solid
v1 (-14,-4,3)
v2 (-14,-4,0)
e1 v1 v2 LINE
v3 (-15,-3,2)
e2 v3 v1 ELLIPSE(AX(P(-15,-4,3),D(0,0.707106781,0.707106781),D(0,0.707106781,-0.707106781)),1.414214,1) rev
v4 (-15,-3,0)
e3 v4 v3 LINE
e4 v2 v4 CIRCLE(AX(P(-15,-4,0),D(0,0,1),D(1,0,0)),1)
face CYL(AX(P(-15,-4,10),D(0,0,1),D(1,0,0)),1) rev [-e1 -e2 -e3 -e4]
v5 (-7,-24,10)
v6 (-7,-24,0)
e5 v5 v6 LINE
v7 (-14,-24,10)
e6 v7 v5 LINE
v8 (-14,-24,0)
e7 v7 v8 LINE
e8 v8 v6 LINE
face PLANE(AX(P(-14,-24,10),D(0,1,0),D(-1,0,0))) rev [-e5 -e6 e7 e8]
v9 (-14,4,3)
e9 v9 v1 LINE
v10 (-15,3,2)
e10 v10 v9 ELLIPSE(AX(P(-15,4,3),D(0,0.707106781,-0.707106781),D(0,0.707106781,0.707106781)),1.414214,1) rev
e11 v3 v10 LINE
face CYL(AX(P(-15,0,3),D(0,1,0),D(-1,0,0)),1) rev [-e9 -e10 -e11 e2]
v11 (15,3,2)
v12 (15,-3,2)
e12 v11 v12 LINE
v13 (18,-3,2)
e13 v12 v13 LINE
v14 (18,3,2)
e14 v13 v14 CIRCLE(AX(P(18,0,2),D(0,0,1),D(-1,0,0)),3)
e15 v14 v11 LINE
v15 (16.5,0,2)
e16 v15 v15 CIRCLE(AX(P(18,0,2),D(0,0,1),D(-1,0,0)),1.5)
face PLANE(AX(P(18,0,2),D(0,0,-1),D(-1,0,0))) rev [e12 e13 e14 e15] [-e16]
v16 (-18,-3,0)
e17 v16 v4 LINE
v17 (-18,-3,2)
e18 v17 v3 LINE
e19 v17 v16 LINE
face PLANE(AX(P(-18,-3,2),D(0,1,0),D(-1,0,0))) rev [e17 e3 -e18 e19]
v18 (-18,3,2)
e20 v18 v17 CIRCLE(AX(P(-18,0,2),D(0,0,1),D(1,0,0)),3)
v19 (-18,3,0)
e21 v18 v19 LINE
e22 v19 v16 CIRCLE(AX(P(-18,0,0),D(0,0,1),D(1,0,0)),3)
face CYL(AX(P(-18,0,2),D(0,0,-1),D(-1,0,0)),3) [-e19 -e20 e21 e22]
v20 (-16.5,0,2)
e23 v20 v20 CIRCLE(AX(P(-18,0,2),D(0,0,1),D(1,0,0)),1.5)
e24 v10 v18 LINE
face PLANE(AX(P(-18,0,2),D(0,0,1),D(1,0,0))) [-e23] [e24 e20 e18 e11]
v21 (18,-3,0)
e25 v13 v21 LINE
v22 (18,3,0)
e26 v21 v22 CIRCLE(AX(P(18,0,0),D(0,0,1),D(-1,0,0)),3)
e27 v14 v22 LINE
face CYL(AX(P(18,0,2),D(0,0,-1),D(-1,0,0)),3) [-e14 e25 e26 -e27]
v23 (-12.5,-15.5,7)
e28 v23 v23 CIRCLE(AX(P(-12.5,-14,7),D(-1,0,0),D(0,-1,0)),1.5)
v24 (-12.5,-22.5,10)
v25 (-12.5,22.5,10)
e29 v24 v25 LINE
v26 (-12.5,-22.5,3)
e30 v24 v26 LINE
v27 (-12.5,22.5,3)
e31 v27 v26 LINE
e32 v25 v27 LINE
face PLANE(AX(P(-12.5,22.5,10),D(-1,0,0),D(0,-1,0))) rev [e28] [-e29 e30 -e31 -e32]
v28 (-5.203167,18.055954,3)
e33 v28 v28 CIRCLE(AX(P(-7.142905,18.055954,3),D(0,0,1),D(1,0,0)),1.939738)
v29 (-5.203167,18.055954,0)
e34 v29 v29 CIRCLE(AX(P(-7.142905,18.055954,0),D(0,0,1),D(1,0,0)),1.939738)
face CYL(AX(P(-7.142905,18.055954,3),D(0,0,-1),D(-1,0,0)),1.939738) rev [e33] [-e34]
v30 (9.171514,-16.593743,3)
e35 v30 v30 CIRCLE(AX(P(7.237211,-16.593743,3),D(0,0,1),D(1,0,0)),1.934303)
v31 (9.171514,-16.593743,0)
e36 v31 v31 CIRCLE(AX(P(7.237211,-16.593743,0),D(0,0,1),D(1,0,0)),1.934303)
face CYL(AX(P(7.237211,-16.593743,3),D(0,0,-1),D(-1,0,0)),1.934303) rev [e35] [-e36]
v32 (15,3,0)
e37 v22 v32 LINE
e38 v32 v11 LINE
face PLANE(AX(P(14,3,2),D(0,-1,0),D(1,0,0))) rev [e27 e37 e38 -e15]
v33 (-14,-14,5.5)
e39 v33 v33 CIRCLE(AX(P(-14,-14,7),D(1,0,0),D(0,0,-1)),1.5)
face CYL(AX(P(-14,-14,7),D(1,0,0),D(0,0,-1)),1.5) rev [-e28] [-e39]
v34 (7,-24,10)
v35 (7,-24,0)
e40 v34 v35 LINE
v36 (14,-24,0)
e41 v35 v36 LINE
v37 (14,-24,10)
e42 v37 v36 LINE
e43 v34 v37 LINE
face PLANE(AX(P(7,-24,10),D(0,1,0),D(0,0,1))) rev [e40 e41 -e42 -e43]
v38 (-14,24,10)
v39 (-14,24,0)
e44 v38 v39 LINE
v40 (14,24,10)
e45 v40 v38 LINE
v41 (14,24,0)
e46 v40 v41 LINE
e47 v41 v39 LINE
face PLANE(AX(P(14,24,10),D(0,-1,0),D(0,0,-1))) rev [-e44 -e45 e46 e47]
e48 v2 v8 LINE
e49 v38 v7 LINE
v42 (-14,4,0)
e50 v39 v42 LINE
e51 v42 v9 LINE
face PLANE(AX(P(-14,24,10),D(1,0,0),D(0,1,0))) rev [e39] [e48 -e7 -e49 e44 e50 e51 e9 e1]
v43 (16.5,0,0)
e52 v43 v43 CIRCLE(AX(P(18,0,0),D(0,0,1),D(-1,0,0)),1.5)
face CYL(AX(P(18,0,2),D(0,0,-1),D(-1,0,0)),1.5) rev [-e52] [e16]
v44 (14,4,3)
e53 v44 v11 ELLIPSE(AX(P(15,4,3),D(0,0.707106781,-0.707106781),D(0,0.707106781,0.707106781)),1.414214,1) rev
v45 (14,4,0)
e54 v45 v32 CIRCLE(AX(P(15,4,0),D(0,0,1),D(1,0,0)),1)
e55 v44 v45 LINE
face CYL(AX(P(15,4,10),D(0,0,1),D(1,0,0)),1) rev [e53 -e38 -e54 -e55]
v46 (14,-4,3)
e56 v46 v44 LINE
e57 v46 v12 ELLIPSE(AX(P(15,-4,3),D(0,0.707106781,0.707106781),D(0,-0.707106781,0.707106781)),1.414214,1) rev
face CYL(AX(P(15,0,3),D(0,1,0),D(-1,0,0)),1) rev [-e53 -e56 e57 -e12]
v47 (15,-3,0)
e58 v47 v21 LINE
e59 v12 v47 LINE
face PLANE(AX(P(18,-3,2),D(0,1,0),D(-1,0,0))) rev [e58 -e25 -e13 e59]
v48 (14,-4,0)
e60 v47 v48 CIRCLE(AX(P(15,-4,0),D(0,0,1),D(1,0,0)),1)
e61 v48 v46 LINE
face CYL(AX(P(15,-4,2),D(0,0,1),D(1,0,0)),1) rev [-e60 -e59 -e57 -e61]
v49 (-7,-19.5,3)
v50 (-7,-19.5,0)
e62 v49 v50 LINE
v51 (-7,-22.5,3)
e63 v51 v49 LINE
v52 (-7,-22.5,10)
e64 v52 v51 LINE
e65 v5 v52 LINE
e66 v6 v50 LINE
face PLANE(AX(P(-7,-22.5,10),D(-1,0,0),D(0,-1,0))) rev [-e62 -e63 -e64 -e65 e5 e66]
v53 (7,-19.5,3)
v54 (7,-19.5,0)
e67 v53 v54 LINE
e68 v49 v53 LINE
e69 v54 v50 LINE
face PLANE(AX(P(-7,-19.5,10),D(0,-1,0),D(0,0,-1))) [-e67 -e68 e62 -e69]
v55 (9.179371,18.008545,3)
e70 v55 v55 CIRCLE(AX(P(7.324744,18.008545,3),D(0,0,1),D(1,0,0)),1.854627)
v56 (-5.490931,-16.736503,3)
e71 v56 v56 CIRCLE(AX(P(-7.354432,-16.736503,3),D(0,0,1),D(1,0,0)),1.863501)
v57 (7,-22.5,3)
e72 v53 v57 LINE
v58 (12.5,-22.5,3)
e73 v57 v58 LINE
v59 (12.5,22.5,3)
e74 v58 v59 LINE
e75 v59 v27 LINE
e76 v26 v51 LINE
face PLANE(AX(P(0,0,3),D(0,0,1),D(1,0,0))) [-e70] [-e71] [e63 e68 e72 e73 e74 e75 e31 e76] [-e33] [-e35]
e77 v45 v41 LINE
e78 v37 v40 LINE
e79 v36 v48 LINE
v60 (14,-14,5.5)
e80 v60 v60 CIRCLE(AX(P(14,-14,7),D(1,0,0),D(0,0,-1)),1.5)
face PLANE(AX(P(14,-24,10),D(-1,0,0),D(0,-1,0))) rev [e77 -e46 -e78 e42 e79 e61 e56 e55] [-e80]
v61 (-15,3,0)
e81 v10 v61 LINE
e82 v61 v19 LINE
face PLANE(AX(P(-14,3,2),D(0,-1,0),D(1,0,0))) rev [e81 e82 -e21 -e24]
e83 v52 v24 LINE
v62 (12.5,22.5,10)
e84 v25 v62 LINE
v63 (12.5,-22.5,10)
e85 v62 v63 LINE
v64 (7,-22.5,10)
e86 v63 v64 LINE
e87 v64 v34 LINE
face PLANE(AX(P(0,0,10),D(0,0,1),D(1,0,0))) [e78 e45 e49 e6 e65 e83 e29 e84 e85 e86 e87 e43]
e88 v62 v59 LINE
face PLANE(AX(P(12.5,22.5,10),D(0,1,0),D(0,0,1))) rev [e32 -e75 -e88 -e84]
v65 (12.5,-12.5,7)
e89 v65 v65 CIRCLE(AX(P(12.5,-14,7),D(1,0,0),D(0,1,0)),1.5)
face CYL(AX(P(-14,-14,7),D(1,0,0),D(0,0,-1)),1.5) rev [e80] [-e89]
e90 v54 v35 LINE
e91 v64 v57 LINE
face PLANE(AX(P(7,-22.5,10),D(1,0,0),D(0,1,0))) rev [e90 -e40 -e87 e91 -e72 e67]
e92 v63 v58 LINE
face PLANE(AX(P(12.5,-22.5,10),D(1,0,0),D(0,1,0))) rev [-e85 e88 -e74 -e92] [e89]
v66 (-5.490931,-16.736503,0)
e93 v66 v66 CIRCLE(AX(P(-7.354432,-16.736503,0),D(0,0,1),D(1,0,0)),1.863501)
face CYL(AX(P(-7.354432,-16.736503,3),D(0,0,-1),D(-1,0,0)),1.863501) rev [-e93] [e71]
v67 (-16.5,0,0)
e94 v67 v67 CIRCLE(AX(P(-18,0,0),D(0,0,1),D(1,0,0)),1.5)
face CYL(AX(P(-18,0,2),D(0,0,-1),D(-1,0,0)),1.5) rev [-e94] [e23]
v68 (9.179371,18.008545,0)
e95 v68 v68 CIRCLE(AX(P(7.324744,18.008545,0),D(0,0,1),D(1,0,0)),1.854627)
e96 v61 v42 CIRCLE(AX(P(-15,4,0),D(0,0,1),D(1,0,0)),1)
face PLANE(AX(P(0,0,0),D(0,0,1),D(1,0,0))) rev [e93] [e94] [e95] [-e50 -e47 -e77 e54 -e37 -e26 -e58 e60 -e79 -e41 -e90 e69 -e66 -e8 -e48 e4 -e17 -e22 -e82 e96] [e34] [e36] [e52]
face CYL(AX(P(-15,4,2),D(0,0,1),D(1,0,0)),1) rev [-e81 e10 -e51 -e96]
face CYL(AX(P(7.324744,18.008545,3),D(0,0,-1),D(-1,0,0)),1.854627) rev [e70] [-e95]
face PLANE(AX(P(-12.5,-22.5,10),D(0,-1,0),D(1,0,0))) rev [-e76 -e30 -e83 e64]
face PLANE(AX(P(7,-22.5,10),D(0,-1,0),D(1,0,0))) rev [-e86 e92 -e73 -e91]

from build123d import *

# Parameters (mm, degrees)
ESQUISSE1_W                  = 25
ESQUISSE1_H                  = 45
ESQUISSE1_R                  = 1.863501178
ESQUISSE1_R_2                = 1.93430269
ESQUISSE1_R_3                = 1.939737899
ESQUISSE1_R_4                = 1.854627201
BOSS_EXTRU_1_DEPTH           = 3
BOSS_EXTRU_2_DEPTH           = 10
ENL_V_MAT_EXTRU_1_DEPTH      = 30.52964612
ENL_V_MAT_EXTRU_1_DEPTH_BACK = 30.52964612
ESQUISSE3_R                  = 1.5
ESQUISSE4_R                  = 1.5
BOSS_EXTRU_3_DEPTH           = 2
CONG_1_R                     = 1
ESQUISSE5_W                  = 14
ESQUISSE5_H                  = 3
ENL_V_MAT_EXTRU_2_DEPTH      = 34.421549934


with BuildPart() as part:
    # Esquisse1 → Boss.-Extru.1 (new body)
    with BuildSketch(Plane.XY):
        Rectangle(ESQUISSE1_W, ESQUISSE1_H)
        with Locations((-7.354431697, -16.736502833)):
            Circle(ESQUISSE1_R, mode=Mode.SUBTRACT)
        with Locations((7.237211302, -16.593743463)):
            Circle(ESQUISSE1_R_2, mode=Mode.SUBTRACT)
        with Locations((-7.142905367, 18.055953642)):
            Circle(ESQUISSE1_R_3, mode=Mode.SUBTRACT)
        with Locations((7.324743745, 18.008545284)):
            Circle(ESQUISSE1_R_4, mode=Mode.SUBTRACT)
    extrude(amount=BOSS_EXTRU_1_DEPTH)

    # Esquisse2 → Boss.-Extru.2 (add)
    with BuildSketch(Plane.XY):
        Polygon((7, -22.5), (7, -24), (14, -24), (14, 24), (-14, 24), (-14, -24), (-7, -24), (-7, -22.5), (-12.5, -22.5), (-12.5, 22.5), (12.5, 22.5), (12.5, -22.5), align=None)
    extrude(amount=BOSS_EXTRU_2_DEPTH)

    # Esquisse3 → Enlèv. mat.-Extru.1 (cut, two sides: drawn at the far end of the back side and taken through both)
    with BuildSketch(Plane(origin=(0, 0, 0), x_dir=(0, 0, -1), z_dir=(1, 0, 0)).offset(-ENL_V_MAT_EXTRU_1_DEPTH_BACK)):
        with Locations((-7, -14)):
            Circle(ESQUISSE3_R)
    extrude(amount=ENL_V_MAT_EXTRU_1_DEPTH + ENL_V_MAT_EXTRU_1_DEPTH_BACK, mode=Mode.SUBTRACT)

    # Esquisse4 → Boss.-Extru.3 (add)
    # profile 1 of 2: a face of its own
    with BuildSketch(Plane.XY):
        with BuildLine():
            Line((-14, 3), (-18, 3))
            ThreePointArc((-18, 3), (-21, 0), (-18, -3))
            Line((-18, -3), (-14, -3))
            Line((-14, -3), (-14, 3))
        make_face()
        with Locations((-18, 0)):
            Circle(ESQUISSE4_R, mode=Mode.SUBTRACT)
    # profile 2 of 2: a face of its own
    with BuildSketch(Plane.XY):
        with BuildLine():
            Line((18, -3), (14, -3))
            Line((14, -3), (14, 3))
            Line((14, 3), (18, 3))
            ThreePointArc((18, 3), (21, 0), (18, -3))
        make_face()
        with Locations(Location((18, 0, 0), (0, 0, 180))):
            Circle(ESQUISSE4_R, mode=Mode.SUBTRACT)
    extrude(amount=BOSS_EXTRU_3_DEPTH)

    # Congé1
    cong_1_edges = [part.edges().sort_by_distance(p)[0] for p in [
        (-14, 0, 2),
        (-14, -3, 1),
        (-14, 3, 1),
        (14, 0, 2),
        (14, 3, 1),
        (14, -3, 1),
    ]]
    fillet(cong_1_edges, radius=CONG_1_R)

    # Esquisse5 → Enlèv. mat.-Extru.2 (cut, through all)
    with BuildSketch(Plane.XY):
        with Locations((0, -21)):
            Rectangle(ESQUISSE5_W, ESQUISSE5_H)
    extrude(amount=ENL_V_MAT_EXTRU_2_DEPTH, mode=Mode.SUBTRACT)


solid = part.part
